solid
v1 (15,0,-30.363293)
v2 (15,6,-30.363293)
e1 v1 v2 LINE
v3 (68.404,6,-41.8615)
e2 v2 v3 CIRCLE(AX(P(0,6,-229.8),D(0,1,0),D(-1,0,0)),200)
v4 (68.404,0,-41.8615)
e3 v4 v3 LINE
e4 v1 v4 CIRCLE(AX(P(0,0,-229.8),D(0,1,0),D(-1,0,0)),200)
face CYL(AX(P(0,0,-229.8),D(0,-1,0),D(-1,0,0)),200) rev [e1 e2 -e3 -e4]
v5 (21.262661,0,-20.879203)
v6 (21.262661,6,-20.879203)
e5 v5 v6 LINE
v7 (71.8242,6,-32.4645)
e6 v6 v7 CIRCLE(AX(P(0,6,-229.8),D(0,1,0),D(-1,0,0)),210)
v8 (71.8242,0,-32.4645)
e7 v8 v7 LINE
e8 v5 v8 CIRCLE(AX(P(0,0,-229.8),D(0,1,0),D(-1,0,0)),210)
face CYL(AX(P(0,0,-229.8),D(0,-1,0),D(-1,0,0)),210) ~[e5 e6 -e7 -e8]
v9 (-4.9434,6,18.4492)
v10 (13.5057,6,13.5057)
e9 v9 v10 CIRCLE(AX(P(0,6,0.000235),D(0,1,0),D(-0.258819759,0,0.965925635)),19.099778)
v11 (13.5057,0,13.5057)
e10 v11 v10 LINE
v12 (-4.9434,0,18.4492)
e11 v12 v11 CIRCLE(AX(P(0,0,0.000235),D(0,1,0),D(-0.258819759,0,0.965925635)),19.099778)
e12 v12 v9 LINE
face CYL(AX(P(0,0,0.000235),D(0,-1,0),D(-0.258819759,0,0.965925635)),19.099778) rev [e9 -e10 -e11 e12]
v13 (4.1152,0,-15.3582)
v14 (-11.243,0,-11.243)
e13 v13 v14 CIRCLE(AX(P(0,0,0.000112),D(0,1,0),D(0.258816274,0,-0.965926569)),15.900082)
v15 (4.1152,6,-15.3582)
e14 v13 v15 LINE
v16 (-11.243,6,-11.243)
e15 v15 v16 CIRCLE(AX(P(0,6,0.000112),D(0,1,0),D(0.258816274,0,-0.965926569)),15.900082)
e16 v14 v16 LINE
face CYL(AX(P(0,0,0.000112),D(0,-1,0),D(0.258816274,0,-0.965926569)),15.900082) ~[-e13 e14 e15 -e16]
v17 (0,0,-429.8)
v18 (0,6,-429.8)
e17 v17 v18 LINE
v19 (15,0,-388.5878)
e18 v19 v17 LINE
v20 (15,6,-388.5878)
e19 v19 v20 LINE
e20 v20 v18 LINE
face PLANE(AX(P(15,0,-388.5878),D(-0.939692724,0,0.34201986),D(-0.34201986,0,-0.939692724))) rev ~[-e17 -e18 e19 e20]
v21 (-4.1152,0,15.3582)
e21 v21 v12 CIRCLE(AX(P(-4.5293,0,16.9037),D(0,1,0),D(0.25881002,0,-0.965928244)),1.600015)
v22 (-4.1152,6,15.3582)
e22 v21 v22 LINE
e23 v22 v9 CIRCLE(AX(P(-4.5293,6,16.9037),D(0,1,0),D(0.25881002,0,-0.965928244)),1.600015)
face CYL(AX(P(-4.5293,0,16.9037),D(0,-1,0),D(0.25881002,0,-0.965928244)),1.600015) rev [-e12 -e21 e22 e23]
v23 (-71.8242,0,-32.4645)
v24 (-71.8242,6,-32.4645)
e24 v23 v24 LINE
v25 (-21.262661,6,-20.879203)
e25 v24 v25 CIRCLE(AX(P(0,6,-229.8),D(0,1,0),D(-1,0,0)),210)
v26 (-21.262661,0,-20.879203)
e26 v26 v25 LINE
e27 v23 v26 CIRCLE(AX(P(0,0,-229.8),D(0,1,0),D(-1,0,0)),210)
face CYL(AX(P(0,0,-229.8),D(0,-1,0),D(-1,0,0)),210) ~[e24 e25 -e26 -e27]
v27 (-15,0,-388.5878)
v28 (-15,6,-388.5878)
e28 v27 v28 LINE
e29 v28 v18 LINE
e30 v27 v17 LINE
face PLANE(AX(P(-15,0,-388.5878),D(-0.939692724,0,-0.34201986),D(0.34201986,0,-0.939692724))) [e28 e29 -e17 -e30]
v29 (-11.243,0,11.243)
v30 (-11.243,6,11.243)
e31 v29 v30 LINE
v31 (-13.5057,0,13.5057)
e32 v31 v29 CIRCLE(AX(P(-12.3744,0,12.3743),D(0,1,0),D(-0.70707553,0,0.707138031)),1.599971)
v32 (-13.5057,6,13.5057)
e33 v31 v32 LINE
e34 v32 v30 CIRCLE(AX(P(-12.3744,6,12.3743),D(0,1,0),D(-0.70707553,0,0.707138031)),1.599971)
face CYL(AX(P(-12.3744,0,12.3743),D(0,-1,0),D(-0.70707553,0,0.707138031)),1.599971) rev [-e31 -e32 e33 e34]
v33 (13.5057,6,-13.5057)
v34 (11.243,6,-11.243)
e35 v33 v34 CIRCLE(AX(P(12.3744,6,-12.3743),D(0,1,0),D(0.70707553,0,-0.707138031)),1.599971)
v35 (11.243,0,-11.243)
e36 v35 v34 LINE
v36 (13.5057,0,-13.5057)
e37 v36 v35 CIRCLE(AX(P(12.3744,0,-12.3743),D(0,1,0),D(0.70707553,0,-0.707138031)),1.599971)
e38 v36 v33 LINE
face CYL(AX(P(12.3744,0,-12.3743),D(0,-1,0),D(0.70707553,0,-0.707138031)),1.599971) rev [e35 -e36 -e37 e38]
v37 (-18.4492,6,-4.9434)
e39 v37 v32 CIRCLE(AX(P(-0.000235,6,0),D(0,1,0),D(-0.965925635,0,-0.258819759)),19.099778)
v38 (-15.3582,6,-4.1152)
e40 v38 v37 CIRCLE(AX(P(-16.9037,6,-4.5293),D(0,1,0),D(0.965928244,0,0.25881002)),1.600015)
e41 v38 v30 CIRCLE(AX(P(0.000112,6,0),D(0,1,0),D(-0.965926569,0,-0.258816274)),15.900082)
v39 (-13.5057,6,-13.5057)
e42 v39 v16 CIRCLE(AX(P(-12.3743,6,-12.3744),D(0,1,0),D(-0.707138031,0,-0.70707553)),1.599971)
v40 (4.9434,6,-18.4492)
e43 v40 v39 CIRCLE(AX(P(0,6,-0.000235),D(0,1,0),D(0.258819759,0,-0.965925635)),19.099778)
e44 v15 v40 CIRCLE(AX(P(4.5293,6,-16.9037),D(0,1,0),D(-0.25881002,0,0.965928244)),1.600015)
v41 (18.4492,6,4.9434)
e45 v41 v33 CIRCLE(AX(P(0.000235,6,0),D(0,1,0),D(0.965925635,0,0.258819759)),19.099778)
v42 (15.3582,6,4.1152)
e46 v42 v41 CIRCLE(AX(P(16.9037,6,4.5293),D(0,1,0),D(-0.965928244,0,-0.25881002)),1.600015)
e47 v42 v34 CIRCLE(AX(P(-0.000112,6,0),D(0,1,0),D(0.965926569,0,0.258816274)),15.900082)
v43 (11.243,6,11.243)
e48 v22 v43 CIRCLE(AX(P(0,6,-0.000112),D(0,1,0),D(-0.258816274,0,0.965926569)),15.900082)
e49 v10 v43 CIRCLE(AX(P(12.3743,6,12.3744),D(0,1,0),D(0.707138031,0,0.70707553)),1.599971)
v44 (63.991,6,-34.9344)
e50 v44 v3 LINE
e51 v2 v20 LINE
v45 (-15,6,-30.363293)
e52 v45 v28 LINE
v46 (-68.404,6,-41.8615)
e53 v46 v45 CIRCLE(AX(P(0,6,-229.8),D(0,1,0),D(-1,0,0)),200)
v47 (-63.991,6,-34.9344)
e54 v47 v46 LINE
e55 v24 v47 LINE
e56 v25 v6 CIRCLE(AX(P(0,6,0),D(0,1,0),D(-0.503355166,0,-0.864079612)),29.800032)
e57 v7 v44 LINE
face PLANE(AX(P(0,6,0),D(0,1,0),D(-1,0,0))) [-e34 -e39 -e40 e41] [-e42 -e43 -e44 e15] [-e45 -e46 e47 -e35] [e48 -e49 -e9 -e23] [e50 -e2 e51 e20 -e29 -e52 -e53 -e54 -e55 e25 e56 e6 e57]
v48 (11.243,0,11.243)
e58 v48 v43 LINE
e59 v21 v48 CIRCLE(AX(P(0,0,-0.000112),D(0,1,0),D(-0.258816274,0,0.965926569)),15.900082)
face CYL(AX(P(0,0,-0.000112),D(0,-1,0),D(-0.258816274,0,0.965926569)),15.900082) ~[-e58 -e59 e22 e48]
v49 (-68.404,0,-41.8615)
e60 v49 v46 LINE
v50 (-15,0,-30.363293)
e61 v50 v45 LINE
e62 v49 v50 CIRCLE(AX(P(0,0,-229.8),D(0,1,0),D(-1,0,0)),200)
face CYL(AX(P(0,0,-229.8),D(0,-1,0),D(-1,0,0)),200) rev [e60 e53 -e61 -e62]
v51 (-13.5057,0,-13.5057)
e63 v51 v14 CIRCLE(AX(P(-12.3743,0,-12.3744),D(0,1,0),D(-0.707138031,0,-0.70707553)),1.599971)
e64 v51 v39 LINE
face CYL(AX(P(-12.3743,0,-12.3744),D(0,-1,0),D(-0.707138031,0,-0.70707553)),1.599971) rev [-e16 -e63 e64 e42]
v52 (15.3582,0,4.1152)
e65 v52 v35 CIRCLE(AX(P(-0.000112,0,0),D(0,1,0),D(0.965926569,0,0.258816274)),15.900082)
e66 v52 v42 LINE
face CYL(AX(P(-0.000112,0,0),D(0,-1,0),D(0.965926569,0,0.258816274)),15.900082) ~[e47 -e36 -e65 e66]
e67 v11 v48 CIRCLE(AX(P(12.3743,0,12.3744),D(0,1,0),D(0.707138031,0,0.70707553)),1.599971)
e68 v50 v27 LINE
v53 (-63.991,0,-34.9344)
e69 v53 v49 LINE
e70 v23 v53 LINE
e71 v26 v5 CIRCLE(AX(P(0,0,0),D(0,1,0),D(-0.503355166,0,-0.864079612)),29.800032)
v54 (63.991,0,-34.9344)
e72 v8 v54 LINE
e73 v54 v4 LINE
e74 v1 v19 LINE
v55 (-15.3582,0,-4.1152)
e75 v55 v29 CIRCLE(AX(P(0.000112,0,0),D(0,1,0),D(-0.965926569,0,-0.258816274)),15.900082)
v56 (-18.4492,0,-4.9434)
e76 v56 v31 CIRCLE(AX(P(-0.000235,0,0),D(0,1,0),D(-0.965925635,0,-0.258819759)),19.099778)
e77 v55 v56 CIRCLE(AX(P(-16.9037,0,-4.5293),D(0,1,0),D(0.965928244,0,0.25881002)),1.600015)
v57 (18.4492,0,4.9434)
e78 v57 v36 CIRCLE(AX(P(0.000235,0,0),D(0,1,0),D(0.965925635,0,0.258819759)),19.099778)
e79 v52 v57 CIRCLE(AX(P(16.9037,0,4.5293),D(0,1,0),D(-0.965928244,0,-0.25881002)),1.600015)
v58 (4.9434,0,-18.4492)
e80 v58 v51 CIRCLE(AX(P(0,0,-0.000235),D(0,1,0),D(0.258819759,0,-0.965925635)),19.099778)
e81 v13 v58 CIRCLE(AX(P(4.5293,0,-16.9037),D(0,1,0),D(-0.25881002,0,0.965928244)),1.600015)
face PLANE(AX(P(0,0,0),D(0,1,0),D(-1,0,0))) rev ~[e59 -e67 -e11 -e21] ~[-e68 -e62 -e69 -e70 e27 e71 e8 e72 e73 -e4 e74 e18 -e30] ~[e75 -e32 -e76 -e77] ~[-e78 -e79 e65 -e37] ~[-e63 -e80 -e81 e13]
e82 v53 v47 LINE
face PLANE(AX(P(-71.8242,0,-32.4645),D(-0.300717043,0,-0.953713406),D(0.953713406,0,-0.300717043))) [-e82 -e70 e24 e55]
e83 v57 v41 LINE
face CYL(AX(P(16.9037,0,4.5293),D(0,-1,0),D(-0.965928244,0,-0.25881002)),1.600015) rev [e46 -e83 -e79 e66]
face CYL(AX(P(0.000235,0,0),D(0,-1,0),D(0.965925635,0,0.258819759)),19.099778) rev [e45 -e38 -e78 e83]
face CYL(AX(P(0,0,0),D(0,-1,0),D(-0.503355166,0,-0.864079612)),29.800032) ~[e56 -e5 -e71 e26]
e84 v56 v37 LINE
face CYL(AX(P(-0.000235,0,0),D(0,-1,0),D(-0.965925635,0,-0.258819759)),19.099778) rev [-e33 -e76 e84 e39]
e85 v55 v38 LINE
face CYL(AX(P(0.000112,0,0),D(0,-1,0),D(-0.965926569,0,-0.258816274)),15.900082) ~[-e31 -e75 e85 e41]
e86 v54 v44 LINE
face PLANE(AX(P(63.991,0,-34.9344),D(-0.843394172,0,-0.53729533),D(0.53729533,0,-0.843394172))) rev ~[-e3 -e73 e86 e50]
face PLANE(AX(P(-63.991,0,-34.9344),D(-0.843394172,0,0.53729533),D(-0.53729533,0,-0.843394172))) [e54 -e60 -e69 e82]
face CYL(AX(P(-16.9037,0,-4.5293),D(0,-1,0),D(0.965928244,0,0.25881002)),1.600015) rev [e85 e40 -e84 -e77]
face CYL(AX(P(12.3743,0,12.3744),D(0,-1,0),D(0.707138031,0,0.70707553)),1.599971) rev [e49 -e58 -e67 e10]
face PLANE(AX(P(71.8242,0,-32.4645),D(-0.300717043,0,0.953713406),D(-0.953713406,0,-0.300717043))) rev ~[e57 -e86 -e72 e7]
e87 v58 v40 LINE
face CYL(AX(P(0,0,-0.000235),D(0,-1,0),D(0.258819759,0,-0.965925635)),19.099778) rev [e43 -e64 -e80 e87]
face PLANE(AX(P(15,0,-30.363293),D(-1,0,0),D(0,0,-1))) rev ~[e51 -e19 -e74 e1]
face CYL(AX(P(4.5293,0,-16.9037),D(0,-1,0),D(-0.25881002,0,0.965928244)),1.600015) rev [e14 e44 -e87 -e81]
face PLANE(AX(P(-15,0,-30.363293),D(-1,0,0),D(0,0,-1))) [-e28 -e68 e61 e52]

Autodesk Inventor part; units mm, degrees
ref_plane "YZ Plane" through (0, 0, 0) normal (1, 0, 0) x (0, 1, 0)
ref_plane "XZ Plane" through (0, 0, 0) normal (0, 1, 0) x (-1, 0, 0)
ref_plane "XY Plane" through (0, 0, 0) normal (0, 0, 1) x (1, 0, 0)
sketch "Эскиз1" plane through (0, 0, 0) normal (0, 1, 0) x (-1, 0, 0)
  arc A0 (15, -25.7496) -> (-15, -25.7496) centre (0, 0) ccw
  line L0 (0, 0) -> (0, -429.8) construction
  line L1 (15, -25.7496) -> (15, -388.5878)
  line L2 (15, -388.5878) -> (0, -429.8)
  line L3 (0, 0) -> (0, -29.8) construction
  circle A1 centre (0, 0) radius 17.5 construction
  circle A2 centre (0, -17.5) radius 1.6 construction
  line L4 (12.3744, -12.3744) -> (0, 0) construction
  arc A3 (-4.9434, -18.4492) -> (13.5057, -13.5057) centre (0, 0) ccw
  arc A4 (-4.1152, -15.3582) -> (11.243, -11.243) centre (0, 0) ccw
  arc A5 (-4.1152, -15.3582) -> (-4.9434, -18.4492) centre (-4.5293, -16.9037) ccw
  line L5 (0, 0) -> (-4.5293, -16.9037) construction
  arc A6 (13.5057, -13.5057) -> (11.243, -11.243) centre (12.3744, -12.3744) ccw
  arc A7 (18.4492, -4.9434) -> (13.5057, 13.5057) centre (0, 0) ccw
  circle A8 centre (17.5, 0) radius 1.6 construction
  arc A9 (15.3582, -4.1152) -> (11.243, 11.243) centre (0, 0) ccw
  arc A10 (15.3582, -4.1152) -> (18.4492, -4.9434) centre (16.9037, -4.5293) ccw
  arc A11 (13.5057, 13.5057) -> (11.243, 11.243) centre (12.3744, 12.3744) ccw
  arc A12 (4.9434, 18.4492) -> (-13.5057, 13.5057) centre (0, 0) ccw
  circle A13 centre (0, 17.5) radius 1.6 construction
  arc A14 (4.1152, 15.3582) -> (-11.243, 11.243) centre (0, 0) ccw
  arc A15 (4.1152, 15.3582) -> (4.9434, 18.4492) centre (4.5293, 16.9037) ccw
  arc A16 (-13.5057, 13.5057) -> (-11.243, 11.243) centre (-12.3744, 12.3744) ccw
  arc A17 (-18.4492, 4.9434) -> (-13.5057, -13.5057) centre (0, 0) ccw
  circle A18 centre (-17.5, 0) radius 1.6 construction
  arc A19 (-15.3582, 4.1152) -> (-11.243, -11.243) centre (0, 0) ccw
  arc A20 (-15.3582, 4.1152) -> (-18.4492, 4.9434) centre (-16.9037, 4.5293) ccw
  arc A21 (-13.5057, -13.5057) -> (-11.243, -11.243) centre (-12.3744, -12.3744) ccw
  line L6 (-15, -25.7496) -> (-15, -388.5878)
  line L7 (-15, -388.5878) -> (0, -429.8)
  circle A22 centre (0, -229.8) radius 200
  line L8 (0, -29.8) -> (0, -229.8) construction
  circle A23 centre (0, -229.8) radius 210
  line L9 (0, -229.8) -> (71.8242, -32.4645) construction
  line L10 (71.8242, -32.4645) -> (63.991, -34.9344)
  line L11 (63.991, -34.9344) -> (68.404, -41.8615)
  line L12 (-71.8242, -32.4645) -> (-63.991, -34.9344)
  line L13 (-63.991, -34.9344) -> (-68.404, -41.8615)
  point P0 (-15, -30.3633)
  point P1 (15, -30.3633)
  point P2 (21.2626, -20.8792)
  point P3 (-21.2626, -20.8792)
  point P4 (-71.8242, -32.4645)
  point P5 (-68.404, -41.8615)
  dimension "d0" = 59.6
  dimension "d1" = 400
  dimension "d2" = 20
  dimension "d3" = 15
  dimension "d4" = 35
  dimension "d5" = 3.2
  dimension "d6" = 45
  dimension "d7" = 15
  dimension "d8" = 3.2
  dimension "d11" = 360
  dimension "d14" = 29.8
  dimension "d15" = 200
  dimension "d17" = 20
  dimension "d18" = 75
  dimension "d19" = 10
extrude "Выдавливание1" add sketch "Эскиз1" along normal blind 6 contours L1 A22 L6 A0 A23 | A0 A23 L10 L11 A22 L1 | A23 A0 | L1 L2 L7 L6 A22 | A0 L6 A22 L13 L12 A23
properties part number "клинок"
